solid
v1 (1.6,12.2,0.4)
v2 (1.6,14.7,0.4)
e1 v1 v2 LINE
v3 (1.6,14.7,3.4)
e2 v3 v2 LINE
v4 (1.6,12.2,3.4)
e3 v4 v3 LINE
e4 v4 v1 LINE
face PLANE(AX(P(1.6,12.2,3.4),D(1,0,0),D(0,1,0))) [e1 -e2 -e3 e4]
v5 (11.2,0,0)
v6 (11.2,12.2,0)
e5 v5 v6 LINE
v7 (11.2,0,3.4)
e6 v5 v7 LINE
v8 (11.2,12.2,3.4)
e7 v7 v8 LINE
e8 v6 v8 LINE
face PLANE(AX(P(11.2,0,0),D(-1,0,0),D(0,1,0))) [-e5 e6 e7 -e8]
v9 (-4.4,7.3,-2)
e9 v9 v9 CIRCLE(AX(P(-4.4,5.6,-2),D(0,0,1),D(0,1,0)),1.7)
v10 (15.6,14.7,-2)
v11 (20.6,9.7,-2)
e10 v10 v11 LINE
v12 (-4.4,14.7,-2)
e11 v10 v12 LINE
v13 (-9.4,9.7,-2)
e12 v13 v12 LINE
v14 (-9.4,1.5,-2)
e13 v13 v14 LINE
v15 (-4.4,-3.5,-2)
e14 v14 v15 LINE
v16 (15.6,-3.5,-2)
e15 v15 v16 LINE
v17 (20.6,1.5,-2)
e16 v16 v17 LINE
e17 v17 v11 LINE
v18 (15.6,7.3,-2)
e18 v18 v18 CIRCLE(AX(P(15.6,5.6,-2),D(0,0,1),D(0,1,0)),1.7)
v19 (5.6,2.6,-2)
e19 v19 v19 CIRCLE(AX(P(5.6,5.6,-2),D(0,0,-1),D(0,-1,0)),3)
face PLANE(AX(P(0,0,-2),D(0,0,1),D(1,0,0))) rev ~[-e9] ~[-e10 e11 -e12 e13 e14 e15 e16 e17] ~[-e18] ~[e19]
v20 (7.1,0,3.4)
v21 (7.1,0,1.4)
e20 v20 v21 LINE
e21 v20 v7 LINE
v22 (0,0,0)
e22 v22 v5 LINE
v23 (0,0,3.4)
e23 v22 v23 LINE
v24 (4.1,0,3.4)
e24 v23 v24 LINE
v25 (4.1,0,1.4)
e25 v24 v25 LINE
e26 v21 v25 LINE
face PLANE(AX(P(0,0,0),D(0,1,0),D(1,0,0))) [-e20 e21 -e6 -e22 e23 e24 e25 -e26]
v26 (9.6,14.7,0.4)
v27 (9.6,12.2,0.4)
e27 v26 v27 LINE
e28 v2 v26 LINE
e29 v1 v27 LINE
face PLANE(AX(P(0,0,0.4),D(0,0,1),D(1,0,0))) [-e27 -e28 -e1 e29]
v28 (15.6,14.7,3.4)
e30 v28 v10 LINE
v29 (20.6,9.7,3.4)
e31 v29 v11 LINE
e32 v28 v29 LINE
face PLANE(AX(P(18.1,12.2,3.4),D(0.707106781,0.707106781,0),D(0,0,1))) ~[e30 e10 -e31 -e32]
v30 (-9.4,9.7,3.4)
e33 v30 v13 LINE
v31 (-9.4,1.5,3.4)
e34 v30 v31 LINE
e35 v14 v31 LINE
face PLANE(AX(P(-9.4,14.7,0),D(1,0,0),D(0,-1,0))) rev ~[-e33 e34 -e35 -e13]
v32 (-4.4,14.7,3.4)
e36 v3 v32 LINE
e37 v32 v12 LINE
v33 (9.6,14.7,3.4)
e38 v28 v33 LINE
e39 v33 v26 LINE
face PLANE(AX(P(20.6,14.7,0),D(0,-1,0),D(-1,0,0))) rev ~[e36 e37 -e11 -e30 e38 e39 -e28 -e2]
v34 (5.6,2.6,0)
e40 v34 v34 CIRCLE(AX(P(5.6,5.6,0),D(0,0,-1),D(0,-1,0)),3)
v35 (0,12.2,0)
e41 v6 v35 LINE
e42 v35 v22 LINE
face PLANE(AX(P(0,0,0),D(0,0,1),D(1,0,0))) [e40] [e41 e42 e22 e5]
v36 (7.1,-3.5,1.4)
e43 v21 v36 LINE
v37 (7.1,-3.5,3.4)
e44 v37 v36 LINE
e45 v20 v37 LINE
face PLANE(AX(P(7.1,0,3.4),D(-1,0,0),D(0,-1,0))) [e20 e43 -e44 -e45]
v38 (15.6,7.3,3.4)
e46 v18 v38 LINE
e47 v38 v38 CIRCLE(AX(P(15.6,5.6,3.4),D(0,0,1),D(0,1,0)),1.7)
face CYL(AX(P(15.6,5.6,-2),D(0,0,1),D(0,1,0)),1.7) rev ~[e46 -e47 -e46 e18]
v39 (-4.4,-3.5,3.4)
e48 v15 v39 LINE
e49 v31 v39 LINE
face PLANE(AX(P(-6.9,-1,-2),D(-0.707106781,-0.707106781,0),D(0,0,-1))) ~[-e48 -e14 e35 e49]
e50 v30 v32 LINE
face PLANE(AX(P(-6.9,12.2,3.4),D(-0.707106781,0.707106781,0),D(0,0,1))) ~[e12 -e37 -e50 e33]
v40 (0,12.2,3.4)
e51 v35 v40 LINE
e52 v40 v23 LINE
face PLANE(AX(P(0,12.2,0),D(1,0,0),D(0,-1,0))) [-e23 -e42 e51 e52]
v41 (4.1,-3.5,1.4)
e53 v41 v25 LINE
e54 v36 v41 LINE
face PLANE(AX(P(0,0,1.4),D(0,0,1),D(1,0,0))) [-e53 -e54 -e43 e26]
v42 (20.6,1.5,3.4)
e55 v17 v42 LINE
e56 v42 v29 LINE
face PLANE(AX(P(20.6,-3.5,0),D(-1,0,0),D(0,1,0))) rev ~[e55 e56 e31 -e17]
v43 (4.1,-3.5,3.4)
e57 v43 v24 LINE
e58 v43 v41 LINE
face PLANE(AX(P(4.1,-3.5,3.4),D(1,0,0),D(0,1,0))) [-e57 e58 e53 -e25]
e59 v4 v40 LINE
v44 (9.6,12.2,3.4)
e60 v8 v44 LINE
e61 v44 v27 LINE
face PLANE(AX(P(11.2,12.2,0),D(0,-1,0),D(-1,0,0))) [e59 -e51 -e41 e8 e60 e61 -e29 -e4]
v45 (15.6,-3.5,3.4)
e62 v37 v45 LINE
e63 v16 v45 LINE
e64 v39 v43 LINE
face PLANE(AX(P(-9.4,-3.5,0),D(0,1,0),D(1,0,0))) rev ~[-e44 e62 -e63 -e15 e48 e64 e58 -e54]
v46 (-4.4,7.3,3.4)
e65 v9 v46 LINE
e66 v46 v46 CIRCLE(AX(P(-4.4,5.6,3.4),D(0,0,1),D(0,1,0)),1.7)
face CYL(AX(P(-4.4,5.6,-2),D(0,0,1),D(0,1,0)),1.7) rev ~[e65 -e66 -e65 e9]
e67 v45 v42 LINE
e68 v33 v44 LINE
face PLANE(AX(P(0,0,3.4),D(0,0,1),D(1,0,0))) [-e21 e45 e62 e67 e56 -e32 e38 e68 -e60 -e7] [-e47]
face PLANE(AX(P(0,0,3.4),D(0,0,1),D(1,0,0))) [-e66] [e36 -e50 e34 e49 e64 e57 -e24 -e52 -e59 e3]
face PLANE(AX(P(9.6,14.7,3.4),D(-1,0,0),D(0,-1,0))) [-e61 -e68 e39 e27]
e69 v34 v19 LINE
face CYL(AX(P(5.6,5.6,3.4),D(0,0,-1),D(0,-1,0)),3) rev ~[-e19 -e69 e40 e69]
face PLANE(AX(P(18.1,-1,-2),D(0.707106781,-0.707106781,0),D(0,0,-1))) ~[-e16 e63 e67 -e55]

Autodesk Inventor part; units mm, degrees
ref_plane "YZ Plane" through (0, 0, 0) normal (1, 0, 0) x (0, 1, 0)
ref_plane "XZ Plane" through (0, 0, 0) normal (0, 1, 0) x (-1, 0, 0)
ref_plane "XY Plane" through (0, 0, 0) normal (0, 0, 1) x (1, 0, 0)
sketch "スケッチ1" plane through (0, 0, 0) normal (0, 0, 1) x (1, 0, 0)
  line L0 (0, 0) -> (11.2, 0)
  line L1 (11.2, 0) -> (11.2, 12.2)
  line L2 (11.2, 12.2) -> (0, 12.2)
  line L3 (0, 12.2) -> (0, 0)
  line L4 (-9.4, -3.5) -> (20.6, -3.5)
  line L5 (20.6, -3.5) -> (20.6, 14.7)
  line L6 (20.6, 14.7) -> (-9.4, 14.7)
  line L7 (-9.4, 14.7) -> (-9.4, -3.5)
  dimension "d0" = 11.2
  dimension "d1" = 12.2
  dimension "d2" = 2.5
  dimension "d3" = 3.5
  dimension "d4" = 9.4
  dimension "d5" = 9.4
extrude "押し出し1" add sketch "スケッチ1" along normal blind 3.4
extrude "押し出し2" add sketch "スケッチ1" against normal blind 2 contours L3 L2 L1 L0 | L7 L6 L5 L4
sketch "スケッチ2" plane through (0, 0, 3.4) normal (0, 0, 1) x (1, 0, 0)
  line L0 (11.2, 0) -> (0, 0) projected
  line L1 (0, 12.2) -> (11.2, 12.2) projected
  point P0 (5.6, 5.6)
  dimension "d41" = 6.6
hole "穴1" at (5.6, 5.6, 3.4) direction (0, 0, -1) diameter 6 end through all
sketch "スケッチ3" plane through (0, 0, 3.4) normal (0, 0, 1) x (1, 0, 0)
  line L0 (0, 12.2) -> (11.2, 12.2) projected
  line L1 (-9.4, 14.7) -> (20.6, 14.7) projected
  line L2 (9.6, 12.2) -> (1.6, 12.2)
  line L3 (1.6, 12.2) -> (1.6, 14.7)
  line L4 (1.6, 14.7) -> (9.6, 14.7)
  line L5 (9.6, 14.7) -> (9.6, 12.2)
  line L6 (-9.4, 14.7) -> (-9.4, -3.5) projected
  line L7 (20.6, -3.5) -> (20.6, 14.7) projected
  point P0 (0, 0)
  point P1 (9.6, 14.7)
  dimension "d17" = 8
  dimension "d18" = 11
  dimension "d33" = 30
extrude "押し出し3" cut sketch "スケッチ3" against normal blind 3
sketch "スケッチ4" plane through (0, 0, -2) normal (0, 0, -1) x (-1, 0, 0)
  circle A0 centre (-5.6, 5.6) radius 3 projected
  line L0 (-20.6, -3.5) -> (9.4, -3.5) projected
  line L1 (9.4, 14.7) -> (-20.6, 14.7) projected
  point P0 (0, 0)
  point P1 (-15.6, 5.6)
  point P2 (4.4, 5.6)
  dimension "d21" = 20
  dimension "d22" = 10
  dimension "d23" = 10
  dimension "d24" = 9.1
  dimension "d25" = 18.2
hole "穴2" at (15.6, 5.6, -2) at (-4.4, 5.6, -2) direction (0, 0, 1) diameter 3.4 end through all
sketch "スケッチ5" plane through (0, 0, 3.4) normal (0, 0, 1) x (1, 0, 0)
  line L0 (20.6, -3.5) -> (-9.4, -3.5) projected
  line L1 (11.2, 0) -> (0, 0) projected
  line L2 (7.1, -3.5) -> (4.1, -3.5)
  line L3 (4.1, -3.5) -> (4.1, 0)
  line L4 (4.1, 0) -> (7.1, 0)
  line L5 (7.1, 0) -> (7.1, -3.5)
  line L6 (-9.4, 14.7) -> (-9.4, -3.5) projected
  point P0 (7.1, 0)
  dimension "d34" = 3
  dimension "d35" = 13.5
extrude "押し出し4" cut sketch "スケッチ5" against normal blind 2
chamfer "面取り1" distance 5 angle 45 4 edges at (20.6, -3.5, 0.7) (20.6, 14.7, 0.7) (-9.4, -3.5, 0.7) (-9.4, 14.7, 0.7)
equation "\"d24\" = 0.5 * d25"
properties part number "_3D プリント"
